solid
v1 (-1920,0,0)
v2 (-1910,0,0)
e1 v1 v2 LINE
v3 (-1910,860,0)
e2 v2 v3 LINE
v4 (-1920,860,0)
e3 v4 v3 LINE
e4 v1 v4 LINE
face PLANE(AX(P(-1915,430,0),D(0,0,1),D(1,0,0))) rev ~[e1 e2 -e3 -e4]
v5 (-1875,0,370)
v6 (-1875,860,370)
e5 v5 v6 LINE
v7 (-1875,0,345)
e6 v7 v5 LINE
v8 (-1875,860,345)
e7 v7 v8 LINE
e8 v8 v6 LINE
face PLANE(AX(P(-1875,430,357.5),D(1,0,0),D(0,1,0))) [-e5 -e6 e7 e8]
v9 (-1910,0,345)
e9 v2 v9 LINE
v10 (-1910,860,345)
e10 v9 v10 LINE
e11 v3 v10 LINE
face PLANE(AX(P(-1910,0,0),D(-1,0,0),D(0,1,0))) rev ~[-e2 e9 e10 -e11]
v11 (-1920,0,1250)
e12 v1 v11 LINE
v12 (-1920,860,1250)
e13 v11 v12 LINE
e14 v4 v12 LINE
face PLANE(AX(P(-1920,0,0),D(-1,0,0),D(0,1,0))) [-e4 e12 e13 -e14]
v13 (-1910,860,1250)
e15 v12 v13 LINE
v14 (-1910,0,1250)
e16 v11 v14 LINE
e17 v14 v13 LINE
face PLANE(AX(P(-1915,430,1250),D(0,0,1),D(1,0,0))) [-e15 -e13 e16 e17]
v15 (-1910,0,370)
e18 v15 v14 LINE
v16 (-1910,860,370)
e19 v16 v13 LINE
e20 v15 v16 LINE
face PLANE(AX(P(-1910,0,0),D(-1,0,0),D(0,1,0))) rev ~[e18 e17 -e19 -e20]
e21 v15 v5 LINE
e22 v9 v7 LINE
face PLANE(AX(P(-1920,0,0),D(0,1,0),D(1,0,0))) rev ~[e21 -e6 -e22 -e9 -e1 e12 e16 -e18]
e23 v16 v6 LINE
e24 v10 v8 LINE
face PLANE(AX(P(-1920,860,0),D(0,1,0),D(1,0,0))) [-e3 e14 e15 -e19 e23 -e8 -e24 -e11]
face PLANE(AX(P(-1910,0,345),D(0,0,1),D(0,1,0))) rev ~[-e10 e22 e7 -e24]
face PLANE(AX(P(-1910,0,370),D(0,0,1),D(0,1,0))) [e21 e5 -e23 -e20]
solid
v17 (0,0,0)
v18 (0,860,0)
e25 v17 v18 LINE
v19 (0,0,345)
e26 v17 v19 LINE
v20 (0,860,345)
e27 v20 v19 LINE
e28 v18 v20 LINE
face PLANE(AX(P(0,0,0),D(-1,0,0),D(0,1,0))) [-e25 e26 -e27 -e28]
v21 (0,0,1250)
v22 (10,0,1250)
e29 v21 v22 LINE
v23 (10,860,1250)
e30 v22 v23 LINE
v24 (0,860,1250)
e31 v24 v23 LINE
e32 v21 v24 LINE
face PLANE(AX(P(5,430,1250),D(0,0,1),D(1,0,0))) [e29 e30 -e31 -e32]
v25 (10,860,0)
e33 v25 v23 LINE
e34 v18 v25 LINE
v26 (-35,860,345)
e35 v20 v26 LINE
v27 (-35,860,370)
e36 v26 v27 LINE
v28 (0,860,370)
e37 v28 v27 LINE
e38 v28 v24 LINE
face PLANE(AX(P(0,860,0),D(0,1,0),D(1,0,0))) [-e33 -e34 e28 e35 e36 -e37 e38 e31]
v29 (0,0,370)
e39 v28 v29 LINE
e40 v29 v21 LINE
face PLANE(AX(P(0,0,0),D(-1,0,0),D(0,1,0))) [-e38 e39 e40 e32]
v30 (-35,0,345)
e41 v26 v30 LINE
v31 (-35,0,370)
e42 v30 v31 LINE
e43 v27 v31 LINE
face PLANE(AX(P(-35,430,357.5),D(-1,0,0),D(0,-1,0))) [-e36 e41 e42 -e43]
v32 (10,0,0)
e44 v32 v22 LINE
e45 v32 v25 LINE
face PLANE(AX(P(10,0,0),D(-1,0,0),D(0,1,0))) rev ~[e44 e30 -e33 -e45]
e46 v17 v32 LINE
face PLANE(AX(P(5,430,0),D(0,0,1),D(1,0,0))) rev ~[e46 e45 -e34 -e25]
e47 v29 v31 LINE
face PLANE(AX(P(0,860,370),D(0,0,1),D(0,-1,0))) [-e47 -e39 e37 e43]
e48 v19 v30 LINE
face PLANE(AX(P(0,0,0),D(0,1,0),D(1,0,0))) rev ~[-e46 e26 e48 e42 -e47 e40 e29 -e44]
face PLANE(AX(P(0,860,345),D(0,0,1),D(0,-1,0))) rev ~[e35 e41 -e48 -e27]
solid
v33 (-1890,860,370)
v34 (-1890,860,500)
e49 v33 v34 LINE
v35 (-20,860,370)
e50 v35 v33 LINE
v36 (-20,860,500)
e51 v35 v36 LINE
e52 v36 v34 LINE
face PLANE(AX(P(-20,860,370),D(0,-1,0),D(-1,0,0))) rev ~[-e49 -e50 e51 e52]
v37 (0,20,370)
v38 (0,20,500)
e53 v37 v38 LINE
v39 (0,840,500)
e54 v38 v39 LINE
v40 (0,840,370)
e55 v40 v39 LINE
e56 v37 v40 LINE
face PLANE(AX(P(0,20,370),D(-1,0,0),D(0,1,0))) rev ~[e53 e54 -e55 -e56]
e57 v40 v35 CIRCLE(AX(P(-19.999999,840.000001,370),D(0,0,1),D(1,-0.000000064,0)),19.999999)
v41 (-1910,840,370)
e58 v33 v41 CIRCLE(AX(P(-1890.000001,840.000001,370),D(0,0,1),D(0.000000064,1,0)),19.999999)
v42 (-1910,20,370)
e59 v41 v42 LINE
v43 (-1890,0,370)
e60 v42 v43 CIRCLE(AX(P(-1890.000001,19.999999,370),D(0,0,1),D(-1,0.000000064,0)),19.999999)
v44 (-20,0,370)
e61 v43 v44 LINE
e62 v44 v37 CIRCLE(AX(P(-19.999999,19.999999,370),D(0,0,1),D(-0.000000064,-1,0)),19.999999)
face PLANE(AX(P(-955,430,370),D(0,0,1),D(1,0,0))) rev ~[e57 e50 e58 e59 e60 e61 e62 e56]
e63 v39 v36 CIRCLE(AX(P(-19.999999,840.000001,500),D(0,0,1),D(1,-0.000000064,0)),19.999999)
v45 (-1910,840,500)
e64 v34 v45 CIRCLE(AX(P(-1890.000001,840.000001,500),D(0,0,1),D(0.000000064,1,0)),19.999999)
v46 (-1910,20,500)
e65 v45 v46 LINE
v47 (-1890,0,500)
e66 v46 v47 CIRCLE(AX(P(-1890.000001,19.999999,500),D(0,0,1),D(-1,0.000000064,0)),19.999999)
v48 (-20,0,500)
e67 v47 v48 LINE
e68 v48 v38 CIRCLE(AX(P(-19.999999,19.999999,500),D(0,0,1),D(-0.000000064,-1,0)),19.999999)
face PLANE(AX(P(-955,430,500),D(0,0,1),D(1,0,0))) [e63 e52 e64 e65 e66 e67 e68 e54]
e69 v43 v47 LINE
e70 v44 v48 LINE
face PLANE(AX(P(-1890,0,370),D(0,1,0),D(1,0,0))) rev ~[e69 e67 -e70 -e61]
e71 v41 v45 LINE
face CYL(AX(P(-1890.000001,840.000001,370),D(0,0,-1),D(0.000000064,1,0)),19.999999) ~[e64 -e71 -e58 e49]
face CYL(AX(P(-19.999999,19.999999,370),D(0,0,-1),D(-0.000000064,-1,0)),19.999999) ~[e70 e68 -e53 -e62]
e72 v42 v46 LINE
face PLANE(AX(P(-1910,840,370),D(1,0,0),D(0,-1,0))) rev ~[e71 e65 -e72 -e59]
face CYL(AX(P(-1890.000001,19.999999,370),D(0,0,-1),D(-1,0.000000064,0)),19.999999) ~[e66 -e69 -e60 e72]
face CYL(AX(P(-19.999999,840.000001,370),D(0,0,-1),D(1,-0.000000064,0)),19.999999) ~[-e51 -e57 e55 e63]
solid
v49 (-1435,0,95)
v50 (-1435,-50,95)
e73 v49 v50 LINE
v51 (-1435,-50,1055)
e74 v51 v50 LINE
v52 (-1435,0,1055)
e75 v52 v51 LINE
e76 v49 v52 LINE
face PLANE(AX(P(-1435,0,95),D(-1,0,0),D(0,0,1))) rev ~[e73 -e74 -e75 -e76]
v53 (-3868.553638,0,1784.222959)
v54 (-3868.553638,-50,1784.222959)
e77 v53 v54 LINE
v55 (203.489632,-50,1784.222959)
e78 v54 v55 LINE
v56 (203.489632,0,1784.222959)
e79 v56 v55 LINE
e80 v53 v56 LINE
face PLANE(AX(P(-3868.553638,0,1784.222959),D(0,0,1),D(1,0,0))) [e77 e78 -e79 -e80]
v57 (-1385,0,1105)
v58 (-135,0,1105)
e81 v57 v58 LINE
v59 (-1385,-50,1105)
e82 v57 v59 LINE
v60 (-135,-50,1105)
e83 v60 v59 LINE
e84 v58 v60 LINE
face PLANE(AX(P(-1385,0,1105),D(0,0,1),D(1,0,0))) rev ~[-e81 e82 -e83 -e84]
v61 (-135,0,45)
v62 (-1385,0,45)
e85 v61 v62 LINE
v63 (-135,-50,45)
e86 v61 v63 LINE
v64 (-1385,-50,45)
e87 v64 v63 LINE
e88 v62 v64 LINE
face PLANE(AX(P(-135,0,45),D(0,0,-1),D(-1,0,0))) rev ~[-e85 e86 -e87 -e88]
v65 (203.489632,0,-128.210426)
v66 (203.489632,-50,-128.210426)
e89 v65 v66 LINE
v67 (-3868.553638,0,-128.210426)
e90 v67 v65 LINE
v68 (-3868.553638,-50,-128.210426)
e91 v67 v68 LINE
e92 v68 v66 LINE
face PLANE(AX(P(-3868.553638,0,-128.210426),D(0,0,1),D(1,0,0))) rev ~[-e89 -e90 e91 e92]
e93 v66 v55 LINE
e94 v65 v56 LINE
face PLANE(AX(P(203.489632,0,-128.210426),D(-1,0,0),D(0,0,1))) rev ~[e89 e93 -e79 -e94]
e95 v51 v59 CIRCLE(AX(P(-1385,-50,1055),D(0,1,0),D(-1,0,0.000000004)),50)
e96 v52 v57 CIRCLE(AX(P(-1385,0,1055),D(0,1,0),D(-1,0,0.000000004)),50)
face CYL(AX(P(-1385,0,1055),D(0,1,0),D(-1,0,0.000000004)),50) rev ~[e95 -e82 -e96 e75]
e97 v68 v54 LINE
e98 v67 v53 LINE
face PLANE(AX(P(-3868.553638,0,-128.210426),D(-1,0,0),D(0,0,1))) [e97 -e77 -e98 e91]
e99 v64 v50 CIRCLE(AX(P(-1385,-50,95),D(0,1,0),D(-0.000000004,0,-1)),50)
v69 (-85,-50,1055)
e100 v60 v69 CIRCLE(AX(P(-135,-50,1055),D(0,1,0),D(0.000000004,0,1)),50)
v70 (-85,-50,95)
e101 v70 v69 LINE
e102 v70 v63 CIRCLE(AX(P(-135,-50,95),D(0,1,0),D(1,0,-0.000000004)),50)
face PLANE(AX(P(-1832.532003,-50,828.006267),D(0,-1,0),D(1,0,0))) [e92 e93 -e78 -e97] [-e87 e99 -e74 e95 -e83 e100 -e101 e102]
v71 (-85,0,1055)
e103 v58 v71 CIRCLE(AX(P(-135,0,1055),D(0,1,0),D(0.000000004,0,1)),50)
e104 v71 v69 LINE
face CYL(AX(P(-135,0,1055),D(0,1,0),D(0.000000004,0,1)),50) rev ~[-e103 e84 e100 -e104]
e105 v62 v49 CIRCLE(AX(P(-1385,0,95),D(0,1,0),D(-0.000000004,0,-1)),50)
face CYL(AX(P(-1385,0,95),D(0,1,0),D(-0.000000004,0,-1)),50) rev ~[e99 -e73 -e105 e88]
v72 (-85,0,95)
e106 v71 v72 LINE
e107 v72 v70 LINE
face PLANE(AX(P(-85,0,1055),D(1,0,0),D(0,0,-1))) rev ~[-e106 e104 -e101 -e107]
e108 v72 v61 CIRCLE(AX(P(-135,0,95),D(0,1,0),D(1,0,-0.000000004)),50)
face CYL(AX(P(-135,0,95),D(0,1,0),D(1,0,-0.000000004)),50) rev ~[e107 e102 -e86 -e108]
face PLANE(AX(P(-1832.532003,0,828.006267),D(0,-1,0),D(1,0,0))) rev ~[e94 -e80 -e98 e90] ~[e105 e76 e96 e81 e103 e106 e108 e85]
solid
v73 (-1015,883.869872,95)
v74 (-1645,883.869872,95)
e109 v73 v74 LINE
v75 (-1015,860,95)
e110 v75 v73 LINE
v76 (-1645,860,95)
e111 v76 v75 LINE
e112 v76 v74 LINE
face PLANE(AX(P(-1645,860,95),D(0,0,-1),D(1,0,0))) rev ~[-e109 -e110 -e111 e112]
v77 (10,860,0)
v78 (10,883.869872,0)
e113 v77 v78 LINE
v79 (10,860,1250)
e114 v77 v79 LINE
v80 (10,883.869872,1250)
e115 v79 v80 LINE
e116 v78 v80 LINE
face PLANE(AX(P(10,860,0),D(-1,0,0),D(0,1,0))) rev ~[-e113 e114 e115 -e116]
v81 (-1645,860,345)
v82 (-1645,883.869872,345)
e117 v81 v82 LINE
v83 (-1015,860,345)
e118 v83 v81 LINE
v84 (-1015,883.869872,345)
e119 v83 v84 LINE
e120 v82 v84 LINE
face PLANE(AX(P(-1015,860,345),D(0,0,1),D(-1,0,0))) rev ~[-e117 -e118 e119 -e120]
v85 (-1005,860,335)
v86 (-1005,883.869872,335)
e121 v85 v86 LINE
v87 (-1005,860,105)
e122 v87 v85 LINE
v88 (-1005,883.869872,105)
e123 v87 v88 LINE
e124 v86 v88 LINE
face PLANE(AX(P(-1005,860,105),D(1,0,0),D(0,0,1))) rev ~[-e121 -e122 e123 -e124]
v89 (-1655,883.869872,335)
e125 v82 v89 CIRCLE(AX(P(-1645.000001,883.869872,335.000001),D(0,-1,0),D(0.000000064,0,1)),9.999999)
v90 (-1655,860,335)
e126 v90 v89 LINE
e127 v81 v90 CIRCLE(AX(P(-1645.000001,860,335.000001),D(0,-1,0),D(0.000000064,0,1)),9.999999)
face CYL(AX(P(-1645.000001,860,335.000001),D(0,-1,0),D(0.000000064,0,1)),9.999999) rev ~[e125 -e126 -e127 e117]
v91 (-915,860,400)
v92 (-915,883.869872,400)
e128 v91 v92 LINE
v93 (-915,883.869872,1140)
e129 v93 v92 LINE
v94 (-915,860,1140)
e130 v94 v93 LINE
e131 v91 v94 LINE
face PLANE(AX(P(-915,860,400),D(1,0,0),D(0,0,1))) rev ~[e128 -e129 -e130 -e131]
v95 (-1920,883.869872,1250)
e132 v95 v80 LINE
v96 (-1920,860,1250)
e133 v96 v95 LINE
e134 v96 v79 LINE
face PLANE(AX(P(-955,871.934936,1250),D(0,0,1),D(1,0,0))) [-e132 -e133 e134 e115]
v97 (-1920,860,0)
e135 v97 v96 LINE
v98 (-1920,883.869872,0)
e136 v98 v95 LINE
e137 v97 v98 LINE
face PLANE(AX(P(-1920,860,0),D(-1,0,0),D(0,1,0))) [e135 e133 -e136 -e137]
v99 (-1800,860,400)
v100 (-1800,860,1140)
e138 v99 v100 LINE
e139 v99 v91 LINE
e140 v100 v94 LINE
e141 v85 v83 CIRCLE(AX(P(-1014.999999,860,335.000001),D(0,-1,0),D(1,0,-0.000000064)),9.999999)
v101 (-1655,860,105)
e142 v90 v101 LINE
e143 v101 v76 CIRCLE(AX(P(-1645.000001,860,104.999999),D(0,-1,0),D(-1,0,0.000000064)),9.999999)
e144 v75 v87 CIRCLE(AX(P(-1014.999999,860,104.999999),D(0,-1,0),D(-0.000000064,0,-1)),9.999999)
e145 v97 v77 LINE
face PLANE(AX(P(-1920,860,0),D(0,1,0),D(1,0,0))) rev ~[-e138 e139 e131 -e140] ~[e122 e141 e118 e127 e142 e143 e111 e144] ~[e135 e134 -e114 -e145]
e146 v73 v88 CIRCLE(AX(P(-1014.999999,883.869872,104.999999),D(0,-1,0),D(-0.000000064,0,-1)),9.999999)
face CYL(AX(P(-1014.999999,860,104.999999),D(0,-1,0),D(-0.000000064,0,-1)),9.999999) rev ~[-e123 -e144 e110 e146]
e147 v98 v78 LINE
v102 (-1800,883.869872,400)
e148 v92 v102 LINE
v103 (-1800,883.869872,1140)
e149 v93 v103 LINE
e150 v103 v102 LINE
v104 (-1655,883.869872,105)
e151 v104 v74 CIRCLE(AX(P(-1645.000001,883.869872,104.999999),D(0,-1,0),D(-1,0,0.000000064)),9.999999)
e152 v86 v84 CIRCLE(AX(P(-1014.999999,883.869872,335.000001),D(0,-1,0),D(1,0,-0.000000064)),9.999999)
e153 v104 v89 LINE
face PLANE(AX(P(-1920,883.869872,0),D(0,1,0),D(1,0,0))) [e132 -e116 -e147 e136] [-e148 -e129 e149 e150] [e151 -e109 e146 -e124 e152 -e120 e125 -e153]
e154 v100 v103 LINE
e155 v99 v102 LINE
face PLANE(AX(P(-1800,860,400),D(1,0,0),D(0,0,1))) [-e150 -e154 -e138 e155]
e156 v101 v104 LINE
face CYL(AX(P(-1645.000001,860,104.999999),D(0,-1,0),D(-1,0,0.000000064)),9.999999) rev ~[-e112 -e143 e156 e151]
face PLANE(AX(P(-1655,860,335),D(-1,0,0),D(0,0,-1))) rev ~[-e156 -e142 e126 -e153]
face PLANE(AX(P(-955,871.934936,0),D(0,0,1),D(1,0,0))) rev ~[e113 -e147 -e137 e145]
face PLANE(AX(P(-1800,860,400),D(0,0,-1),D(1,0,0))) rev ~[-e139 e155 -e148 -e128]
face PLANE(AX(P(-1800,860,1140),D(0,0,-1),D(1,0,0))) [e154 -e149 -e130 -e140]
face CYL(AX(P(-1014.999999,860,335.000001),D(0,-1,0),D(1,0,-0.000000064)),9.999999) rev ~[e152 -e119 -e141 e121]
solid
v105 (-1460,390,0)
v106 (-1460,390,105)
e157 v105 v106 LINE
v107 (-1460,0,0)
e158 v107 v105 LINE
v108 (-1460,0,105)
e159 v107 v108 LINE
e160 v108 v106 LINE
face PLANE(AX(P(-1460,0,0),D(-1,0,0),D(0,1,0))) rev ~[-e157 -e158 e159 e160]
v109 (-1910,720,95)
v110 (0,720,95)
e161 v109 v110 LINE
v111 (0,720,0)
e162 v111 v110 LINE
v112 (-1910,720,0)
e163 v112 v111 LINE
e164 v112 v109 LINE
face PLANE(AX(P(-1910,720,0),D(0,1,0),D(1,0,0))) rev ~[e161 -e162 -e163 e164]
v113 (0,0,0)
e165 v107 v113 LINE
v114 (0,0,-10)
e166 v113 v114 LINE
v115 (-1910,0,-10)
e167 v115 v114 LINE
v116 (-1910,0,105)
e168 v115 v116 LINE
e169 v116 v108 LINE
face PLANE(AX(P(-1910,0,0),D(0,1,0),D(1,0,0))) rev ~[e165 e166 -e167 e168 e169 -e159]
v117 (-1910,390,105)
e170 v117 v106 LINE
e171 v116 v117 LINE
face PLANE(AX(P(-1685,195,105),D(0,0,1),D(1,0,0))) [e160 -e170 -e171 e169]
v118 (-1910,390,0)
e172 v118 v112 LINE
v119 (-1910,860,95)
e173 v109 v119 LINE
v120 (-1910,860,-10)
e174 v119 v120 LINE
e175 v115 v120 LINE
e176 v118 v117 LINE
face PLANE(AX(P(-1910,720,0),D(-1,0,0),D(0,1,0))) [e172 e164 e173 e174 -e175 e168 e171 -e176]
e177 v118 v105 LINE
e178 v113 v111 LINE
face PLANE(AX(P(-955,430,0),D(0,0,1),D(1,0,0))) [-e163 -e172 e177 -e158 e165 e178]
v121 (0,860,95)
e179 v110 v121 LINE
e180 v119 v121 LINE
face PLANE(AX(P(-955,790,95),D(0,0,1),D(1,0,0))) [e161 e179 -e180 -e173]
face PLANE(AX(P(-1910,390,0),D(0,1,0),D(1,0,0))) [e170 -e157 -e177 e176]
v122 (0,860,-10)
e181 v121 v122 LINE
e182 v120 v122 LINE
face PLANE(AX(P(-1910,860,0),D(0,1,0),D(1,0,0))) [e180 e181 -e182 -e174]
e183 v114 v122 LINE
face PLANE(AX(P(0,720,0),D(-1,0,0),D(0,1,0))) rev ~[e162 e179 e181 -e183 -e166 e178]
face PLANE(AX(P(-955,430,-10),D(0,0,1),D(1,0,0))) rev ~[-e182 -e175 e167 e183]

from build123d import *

# Parameters (mm, degrees)
F0_W      = 1910
F0_H      = 860
F1_DEPTH  = 10
F2_W      = 450
F2_H      = 390
F3_DEPTH  = 105
F2_W_2    = 1910
F2_H_2    = 140
F4_DEPTH  = 95
F0_W_2    = 10
F5_DEPTH  = 1250
F6_DEPTH  = 1250
F7_W      = 860
F7_H      = 25
F8_DEPTH  = 35
F9_W      = 860
F9_H      = 25
F10_DEPTH = 35
F11_W     = 1930
F11_H     = 23.869872
F12_DEPTH = 1250
F14_DEPTH = 219
F13_W     = 885
F13_H     = 740
F15_DEPTH = 210
F17_DEPTH = 130
F18_W     = 4072.043269
F18_H     = 1912.433385
F19_DEPTH = 50
F21_DEPTH = 620


with BuildPart() as f1:
    # F0 (on Top) → F1 (new body)
    with BuildSketch(Plane.XY):
        with Locations((-955, 430)):
            Rectangle(F0_W, F0_H)
    extrude(amount=-F1_DEPTH)

    # F2 (on face) → F3 (join)
    with BuildSketch(Plane.XY):
        with Locations((-1685, 195)):
            Rectangle(F2_W, F2_H)
    extrude(amount=F3_DEPTH)

    # F2 (on face) → F4 (join)
    with BuildSketch(Plane.XY):
        with Locations((-955, 790)):
            Rectangle(F2_W_2, F2_H_2)
    extrude(amount=F4_DEPTH)


with BuildPart() as f5:
    # F0 (on Top) → F5 (new body)
    with BuildSketch(Plane.XY):
        with Locations((5, 430)):
            Rectangle(F0_W_2, F0_H)
    extrude(amount=F5_DEPTH)

    # F7 (on face) → F8 (join)
    with BuildSketch(Plane(origin=(0, 0, 0), x_dir=(0, -1, 0), z_dir=(-1, 0, 0))):
        with Locations((-430, 357.5)):
            Rectangle(F7_W, F7_H)
    extrude(amount=F8_DEPTH)


with BuildPart() as f6:
    # F0 (on Top) → F6 (new body)
    with BuildSketch(Plane.XY):
        with Locations((-1915, 430)):
            Rectangle(F0_W_2, F0_H)
    extrude(amount=F6_DEPTH)

    # F9 (on face) → F10 (join)
    with BuildSketch(Plane.YZ.offset(-1910)):
        with Locations((430, 357.5)):
            Rectangle(F9_W, F9_H)
    extrude(amount=F10_DEPTH)


with BuildPart() as f12:
    # F11 (on Top) → F12 (new body)
    with BuildSketch(Plane.XY):
        with Locations((-955, 871.934936)):
            Rectangle(F11_W, F11_H)
    extrude(amount=F12_DEPTH)

    # F13 (on face) → F14 (cut)
    with BuildSketch(Plane.XZ.offset(-860)):
        with BuildLine():
            Line((-1015, 345), (-1645, 345))
            ThreePointArc((-1645, 345), (-1652.071068, 342.071068), (-1655, 335))
            Line((-1655, 335), (-1655, 105))
            ThreePointArc((-1655, 105), (-1652.071068, 97.928932), (-1645, 95))
            Line((-1645, 95), (-1015, 95))
            ThreePointArc((-1015, 95), (-1007.928932, 97.928932), (-1005, 105))
            Line((-1005, 105), (-1005, 335))
            ThreePointArc((-1005, 335), (-1007.928932, 342.071068), (-1015, 345))
        make_face()
    extrude(amount=-F14_DEPTH, mode=Mode.SUBTRACT)

    # F13 (on face) → F15 (cut)
    with BuildSketch(Plane.XZ.offset(-860)):
        with Locations((-1357.5, 770)):
            Rectangle(F13_W, F13_H)
    extrude(amount=-F15_DEPTH, mode=Mode.SUBTRACT)


with BuildPart() as f17:
    # F16 (on face) → F17 (new body)
    with BuildSketch(Plane.XY.offset(370)):
        with BuildLine():
            Line((-20, 860), (-1890, 860))
            ThreePointArc((-1890, 860), (-1904.142136, 854.142136), (-1910, 840))
            Line((-1910, 840), (-1910, 20))
            ThreePointArc((-1910, 20), (-1904.142136, 5.857864), (-1890, 0))
            Line((-1890, 0), (-20, 0))
            ThreePointArc((-20, 0), (-5.857864, 5.857864), (0, 20))
            Line((0, 20), (0, 840))
            ThreePointArc((0, 840), (-5.857864, 854.142136), (-20, 860))
        make_face()
    extrude(amount=F17_DEPTH)


with BuildPart() as f19:
    # F18 (on Front) → F19 (new body)
    with BuildSketch(Plane.XZ):
        with Locations((-1832.532003, 828.006267)):
            Rectangle(F18_W, F18_H)
    extrude(amount=F19_DEPTH)

    # F20 (on face) → F21 (cut)
    with BuildSketch(Plane(origin=(0, 0, 0), x_dir=(-1, 0, 0), z_dir=(0, 1, 0))):
        with BuildLine():
            Line((1385, 1105), (135, 1105))
            ThreePointArc((135, 1105), (99.644661, 1090.355339), (85, 1055))
            Line((85, 1055), (85, 95))
            ThreePointArc((85, 95), (99.644661, 59.644661), (135, 45))
            Line((135, 45), (1385, 45))
            ThreePointArc((1385, 45), (1420.355339, 59.644661), (1435, 95))
            Line((1435, 95), (1435, 1055))
            ThreePointArc((1435, 1055), (1420.355339, 1090.355339), (1385, 1105))
        make_face()
    extrude(amount=-F21_DEPTH, mode=Mode.SUBTRACT)


solid = Compound([f1.part, f5.part, f6.part, f12.part, f17.part, f19.part])
